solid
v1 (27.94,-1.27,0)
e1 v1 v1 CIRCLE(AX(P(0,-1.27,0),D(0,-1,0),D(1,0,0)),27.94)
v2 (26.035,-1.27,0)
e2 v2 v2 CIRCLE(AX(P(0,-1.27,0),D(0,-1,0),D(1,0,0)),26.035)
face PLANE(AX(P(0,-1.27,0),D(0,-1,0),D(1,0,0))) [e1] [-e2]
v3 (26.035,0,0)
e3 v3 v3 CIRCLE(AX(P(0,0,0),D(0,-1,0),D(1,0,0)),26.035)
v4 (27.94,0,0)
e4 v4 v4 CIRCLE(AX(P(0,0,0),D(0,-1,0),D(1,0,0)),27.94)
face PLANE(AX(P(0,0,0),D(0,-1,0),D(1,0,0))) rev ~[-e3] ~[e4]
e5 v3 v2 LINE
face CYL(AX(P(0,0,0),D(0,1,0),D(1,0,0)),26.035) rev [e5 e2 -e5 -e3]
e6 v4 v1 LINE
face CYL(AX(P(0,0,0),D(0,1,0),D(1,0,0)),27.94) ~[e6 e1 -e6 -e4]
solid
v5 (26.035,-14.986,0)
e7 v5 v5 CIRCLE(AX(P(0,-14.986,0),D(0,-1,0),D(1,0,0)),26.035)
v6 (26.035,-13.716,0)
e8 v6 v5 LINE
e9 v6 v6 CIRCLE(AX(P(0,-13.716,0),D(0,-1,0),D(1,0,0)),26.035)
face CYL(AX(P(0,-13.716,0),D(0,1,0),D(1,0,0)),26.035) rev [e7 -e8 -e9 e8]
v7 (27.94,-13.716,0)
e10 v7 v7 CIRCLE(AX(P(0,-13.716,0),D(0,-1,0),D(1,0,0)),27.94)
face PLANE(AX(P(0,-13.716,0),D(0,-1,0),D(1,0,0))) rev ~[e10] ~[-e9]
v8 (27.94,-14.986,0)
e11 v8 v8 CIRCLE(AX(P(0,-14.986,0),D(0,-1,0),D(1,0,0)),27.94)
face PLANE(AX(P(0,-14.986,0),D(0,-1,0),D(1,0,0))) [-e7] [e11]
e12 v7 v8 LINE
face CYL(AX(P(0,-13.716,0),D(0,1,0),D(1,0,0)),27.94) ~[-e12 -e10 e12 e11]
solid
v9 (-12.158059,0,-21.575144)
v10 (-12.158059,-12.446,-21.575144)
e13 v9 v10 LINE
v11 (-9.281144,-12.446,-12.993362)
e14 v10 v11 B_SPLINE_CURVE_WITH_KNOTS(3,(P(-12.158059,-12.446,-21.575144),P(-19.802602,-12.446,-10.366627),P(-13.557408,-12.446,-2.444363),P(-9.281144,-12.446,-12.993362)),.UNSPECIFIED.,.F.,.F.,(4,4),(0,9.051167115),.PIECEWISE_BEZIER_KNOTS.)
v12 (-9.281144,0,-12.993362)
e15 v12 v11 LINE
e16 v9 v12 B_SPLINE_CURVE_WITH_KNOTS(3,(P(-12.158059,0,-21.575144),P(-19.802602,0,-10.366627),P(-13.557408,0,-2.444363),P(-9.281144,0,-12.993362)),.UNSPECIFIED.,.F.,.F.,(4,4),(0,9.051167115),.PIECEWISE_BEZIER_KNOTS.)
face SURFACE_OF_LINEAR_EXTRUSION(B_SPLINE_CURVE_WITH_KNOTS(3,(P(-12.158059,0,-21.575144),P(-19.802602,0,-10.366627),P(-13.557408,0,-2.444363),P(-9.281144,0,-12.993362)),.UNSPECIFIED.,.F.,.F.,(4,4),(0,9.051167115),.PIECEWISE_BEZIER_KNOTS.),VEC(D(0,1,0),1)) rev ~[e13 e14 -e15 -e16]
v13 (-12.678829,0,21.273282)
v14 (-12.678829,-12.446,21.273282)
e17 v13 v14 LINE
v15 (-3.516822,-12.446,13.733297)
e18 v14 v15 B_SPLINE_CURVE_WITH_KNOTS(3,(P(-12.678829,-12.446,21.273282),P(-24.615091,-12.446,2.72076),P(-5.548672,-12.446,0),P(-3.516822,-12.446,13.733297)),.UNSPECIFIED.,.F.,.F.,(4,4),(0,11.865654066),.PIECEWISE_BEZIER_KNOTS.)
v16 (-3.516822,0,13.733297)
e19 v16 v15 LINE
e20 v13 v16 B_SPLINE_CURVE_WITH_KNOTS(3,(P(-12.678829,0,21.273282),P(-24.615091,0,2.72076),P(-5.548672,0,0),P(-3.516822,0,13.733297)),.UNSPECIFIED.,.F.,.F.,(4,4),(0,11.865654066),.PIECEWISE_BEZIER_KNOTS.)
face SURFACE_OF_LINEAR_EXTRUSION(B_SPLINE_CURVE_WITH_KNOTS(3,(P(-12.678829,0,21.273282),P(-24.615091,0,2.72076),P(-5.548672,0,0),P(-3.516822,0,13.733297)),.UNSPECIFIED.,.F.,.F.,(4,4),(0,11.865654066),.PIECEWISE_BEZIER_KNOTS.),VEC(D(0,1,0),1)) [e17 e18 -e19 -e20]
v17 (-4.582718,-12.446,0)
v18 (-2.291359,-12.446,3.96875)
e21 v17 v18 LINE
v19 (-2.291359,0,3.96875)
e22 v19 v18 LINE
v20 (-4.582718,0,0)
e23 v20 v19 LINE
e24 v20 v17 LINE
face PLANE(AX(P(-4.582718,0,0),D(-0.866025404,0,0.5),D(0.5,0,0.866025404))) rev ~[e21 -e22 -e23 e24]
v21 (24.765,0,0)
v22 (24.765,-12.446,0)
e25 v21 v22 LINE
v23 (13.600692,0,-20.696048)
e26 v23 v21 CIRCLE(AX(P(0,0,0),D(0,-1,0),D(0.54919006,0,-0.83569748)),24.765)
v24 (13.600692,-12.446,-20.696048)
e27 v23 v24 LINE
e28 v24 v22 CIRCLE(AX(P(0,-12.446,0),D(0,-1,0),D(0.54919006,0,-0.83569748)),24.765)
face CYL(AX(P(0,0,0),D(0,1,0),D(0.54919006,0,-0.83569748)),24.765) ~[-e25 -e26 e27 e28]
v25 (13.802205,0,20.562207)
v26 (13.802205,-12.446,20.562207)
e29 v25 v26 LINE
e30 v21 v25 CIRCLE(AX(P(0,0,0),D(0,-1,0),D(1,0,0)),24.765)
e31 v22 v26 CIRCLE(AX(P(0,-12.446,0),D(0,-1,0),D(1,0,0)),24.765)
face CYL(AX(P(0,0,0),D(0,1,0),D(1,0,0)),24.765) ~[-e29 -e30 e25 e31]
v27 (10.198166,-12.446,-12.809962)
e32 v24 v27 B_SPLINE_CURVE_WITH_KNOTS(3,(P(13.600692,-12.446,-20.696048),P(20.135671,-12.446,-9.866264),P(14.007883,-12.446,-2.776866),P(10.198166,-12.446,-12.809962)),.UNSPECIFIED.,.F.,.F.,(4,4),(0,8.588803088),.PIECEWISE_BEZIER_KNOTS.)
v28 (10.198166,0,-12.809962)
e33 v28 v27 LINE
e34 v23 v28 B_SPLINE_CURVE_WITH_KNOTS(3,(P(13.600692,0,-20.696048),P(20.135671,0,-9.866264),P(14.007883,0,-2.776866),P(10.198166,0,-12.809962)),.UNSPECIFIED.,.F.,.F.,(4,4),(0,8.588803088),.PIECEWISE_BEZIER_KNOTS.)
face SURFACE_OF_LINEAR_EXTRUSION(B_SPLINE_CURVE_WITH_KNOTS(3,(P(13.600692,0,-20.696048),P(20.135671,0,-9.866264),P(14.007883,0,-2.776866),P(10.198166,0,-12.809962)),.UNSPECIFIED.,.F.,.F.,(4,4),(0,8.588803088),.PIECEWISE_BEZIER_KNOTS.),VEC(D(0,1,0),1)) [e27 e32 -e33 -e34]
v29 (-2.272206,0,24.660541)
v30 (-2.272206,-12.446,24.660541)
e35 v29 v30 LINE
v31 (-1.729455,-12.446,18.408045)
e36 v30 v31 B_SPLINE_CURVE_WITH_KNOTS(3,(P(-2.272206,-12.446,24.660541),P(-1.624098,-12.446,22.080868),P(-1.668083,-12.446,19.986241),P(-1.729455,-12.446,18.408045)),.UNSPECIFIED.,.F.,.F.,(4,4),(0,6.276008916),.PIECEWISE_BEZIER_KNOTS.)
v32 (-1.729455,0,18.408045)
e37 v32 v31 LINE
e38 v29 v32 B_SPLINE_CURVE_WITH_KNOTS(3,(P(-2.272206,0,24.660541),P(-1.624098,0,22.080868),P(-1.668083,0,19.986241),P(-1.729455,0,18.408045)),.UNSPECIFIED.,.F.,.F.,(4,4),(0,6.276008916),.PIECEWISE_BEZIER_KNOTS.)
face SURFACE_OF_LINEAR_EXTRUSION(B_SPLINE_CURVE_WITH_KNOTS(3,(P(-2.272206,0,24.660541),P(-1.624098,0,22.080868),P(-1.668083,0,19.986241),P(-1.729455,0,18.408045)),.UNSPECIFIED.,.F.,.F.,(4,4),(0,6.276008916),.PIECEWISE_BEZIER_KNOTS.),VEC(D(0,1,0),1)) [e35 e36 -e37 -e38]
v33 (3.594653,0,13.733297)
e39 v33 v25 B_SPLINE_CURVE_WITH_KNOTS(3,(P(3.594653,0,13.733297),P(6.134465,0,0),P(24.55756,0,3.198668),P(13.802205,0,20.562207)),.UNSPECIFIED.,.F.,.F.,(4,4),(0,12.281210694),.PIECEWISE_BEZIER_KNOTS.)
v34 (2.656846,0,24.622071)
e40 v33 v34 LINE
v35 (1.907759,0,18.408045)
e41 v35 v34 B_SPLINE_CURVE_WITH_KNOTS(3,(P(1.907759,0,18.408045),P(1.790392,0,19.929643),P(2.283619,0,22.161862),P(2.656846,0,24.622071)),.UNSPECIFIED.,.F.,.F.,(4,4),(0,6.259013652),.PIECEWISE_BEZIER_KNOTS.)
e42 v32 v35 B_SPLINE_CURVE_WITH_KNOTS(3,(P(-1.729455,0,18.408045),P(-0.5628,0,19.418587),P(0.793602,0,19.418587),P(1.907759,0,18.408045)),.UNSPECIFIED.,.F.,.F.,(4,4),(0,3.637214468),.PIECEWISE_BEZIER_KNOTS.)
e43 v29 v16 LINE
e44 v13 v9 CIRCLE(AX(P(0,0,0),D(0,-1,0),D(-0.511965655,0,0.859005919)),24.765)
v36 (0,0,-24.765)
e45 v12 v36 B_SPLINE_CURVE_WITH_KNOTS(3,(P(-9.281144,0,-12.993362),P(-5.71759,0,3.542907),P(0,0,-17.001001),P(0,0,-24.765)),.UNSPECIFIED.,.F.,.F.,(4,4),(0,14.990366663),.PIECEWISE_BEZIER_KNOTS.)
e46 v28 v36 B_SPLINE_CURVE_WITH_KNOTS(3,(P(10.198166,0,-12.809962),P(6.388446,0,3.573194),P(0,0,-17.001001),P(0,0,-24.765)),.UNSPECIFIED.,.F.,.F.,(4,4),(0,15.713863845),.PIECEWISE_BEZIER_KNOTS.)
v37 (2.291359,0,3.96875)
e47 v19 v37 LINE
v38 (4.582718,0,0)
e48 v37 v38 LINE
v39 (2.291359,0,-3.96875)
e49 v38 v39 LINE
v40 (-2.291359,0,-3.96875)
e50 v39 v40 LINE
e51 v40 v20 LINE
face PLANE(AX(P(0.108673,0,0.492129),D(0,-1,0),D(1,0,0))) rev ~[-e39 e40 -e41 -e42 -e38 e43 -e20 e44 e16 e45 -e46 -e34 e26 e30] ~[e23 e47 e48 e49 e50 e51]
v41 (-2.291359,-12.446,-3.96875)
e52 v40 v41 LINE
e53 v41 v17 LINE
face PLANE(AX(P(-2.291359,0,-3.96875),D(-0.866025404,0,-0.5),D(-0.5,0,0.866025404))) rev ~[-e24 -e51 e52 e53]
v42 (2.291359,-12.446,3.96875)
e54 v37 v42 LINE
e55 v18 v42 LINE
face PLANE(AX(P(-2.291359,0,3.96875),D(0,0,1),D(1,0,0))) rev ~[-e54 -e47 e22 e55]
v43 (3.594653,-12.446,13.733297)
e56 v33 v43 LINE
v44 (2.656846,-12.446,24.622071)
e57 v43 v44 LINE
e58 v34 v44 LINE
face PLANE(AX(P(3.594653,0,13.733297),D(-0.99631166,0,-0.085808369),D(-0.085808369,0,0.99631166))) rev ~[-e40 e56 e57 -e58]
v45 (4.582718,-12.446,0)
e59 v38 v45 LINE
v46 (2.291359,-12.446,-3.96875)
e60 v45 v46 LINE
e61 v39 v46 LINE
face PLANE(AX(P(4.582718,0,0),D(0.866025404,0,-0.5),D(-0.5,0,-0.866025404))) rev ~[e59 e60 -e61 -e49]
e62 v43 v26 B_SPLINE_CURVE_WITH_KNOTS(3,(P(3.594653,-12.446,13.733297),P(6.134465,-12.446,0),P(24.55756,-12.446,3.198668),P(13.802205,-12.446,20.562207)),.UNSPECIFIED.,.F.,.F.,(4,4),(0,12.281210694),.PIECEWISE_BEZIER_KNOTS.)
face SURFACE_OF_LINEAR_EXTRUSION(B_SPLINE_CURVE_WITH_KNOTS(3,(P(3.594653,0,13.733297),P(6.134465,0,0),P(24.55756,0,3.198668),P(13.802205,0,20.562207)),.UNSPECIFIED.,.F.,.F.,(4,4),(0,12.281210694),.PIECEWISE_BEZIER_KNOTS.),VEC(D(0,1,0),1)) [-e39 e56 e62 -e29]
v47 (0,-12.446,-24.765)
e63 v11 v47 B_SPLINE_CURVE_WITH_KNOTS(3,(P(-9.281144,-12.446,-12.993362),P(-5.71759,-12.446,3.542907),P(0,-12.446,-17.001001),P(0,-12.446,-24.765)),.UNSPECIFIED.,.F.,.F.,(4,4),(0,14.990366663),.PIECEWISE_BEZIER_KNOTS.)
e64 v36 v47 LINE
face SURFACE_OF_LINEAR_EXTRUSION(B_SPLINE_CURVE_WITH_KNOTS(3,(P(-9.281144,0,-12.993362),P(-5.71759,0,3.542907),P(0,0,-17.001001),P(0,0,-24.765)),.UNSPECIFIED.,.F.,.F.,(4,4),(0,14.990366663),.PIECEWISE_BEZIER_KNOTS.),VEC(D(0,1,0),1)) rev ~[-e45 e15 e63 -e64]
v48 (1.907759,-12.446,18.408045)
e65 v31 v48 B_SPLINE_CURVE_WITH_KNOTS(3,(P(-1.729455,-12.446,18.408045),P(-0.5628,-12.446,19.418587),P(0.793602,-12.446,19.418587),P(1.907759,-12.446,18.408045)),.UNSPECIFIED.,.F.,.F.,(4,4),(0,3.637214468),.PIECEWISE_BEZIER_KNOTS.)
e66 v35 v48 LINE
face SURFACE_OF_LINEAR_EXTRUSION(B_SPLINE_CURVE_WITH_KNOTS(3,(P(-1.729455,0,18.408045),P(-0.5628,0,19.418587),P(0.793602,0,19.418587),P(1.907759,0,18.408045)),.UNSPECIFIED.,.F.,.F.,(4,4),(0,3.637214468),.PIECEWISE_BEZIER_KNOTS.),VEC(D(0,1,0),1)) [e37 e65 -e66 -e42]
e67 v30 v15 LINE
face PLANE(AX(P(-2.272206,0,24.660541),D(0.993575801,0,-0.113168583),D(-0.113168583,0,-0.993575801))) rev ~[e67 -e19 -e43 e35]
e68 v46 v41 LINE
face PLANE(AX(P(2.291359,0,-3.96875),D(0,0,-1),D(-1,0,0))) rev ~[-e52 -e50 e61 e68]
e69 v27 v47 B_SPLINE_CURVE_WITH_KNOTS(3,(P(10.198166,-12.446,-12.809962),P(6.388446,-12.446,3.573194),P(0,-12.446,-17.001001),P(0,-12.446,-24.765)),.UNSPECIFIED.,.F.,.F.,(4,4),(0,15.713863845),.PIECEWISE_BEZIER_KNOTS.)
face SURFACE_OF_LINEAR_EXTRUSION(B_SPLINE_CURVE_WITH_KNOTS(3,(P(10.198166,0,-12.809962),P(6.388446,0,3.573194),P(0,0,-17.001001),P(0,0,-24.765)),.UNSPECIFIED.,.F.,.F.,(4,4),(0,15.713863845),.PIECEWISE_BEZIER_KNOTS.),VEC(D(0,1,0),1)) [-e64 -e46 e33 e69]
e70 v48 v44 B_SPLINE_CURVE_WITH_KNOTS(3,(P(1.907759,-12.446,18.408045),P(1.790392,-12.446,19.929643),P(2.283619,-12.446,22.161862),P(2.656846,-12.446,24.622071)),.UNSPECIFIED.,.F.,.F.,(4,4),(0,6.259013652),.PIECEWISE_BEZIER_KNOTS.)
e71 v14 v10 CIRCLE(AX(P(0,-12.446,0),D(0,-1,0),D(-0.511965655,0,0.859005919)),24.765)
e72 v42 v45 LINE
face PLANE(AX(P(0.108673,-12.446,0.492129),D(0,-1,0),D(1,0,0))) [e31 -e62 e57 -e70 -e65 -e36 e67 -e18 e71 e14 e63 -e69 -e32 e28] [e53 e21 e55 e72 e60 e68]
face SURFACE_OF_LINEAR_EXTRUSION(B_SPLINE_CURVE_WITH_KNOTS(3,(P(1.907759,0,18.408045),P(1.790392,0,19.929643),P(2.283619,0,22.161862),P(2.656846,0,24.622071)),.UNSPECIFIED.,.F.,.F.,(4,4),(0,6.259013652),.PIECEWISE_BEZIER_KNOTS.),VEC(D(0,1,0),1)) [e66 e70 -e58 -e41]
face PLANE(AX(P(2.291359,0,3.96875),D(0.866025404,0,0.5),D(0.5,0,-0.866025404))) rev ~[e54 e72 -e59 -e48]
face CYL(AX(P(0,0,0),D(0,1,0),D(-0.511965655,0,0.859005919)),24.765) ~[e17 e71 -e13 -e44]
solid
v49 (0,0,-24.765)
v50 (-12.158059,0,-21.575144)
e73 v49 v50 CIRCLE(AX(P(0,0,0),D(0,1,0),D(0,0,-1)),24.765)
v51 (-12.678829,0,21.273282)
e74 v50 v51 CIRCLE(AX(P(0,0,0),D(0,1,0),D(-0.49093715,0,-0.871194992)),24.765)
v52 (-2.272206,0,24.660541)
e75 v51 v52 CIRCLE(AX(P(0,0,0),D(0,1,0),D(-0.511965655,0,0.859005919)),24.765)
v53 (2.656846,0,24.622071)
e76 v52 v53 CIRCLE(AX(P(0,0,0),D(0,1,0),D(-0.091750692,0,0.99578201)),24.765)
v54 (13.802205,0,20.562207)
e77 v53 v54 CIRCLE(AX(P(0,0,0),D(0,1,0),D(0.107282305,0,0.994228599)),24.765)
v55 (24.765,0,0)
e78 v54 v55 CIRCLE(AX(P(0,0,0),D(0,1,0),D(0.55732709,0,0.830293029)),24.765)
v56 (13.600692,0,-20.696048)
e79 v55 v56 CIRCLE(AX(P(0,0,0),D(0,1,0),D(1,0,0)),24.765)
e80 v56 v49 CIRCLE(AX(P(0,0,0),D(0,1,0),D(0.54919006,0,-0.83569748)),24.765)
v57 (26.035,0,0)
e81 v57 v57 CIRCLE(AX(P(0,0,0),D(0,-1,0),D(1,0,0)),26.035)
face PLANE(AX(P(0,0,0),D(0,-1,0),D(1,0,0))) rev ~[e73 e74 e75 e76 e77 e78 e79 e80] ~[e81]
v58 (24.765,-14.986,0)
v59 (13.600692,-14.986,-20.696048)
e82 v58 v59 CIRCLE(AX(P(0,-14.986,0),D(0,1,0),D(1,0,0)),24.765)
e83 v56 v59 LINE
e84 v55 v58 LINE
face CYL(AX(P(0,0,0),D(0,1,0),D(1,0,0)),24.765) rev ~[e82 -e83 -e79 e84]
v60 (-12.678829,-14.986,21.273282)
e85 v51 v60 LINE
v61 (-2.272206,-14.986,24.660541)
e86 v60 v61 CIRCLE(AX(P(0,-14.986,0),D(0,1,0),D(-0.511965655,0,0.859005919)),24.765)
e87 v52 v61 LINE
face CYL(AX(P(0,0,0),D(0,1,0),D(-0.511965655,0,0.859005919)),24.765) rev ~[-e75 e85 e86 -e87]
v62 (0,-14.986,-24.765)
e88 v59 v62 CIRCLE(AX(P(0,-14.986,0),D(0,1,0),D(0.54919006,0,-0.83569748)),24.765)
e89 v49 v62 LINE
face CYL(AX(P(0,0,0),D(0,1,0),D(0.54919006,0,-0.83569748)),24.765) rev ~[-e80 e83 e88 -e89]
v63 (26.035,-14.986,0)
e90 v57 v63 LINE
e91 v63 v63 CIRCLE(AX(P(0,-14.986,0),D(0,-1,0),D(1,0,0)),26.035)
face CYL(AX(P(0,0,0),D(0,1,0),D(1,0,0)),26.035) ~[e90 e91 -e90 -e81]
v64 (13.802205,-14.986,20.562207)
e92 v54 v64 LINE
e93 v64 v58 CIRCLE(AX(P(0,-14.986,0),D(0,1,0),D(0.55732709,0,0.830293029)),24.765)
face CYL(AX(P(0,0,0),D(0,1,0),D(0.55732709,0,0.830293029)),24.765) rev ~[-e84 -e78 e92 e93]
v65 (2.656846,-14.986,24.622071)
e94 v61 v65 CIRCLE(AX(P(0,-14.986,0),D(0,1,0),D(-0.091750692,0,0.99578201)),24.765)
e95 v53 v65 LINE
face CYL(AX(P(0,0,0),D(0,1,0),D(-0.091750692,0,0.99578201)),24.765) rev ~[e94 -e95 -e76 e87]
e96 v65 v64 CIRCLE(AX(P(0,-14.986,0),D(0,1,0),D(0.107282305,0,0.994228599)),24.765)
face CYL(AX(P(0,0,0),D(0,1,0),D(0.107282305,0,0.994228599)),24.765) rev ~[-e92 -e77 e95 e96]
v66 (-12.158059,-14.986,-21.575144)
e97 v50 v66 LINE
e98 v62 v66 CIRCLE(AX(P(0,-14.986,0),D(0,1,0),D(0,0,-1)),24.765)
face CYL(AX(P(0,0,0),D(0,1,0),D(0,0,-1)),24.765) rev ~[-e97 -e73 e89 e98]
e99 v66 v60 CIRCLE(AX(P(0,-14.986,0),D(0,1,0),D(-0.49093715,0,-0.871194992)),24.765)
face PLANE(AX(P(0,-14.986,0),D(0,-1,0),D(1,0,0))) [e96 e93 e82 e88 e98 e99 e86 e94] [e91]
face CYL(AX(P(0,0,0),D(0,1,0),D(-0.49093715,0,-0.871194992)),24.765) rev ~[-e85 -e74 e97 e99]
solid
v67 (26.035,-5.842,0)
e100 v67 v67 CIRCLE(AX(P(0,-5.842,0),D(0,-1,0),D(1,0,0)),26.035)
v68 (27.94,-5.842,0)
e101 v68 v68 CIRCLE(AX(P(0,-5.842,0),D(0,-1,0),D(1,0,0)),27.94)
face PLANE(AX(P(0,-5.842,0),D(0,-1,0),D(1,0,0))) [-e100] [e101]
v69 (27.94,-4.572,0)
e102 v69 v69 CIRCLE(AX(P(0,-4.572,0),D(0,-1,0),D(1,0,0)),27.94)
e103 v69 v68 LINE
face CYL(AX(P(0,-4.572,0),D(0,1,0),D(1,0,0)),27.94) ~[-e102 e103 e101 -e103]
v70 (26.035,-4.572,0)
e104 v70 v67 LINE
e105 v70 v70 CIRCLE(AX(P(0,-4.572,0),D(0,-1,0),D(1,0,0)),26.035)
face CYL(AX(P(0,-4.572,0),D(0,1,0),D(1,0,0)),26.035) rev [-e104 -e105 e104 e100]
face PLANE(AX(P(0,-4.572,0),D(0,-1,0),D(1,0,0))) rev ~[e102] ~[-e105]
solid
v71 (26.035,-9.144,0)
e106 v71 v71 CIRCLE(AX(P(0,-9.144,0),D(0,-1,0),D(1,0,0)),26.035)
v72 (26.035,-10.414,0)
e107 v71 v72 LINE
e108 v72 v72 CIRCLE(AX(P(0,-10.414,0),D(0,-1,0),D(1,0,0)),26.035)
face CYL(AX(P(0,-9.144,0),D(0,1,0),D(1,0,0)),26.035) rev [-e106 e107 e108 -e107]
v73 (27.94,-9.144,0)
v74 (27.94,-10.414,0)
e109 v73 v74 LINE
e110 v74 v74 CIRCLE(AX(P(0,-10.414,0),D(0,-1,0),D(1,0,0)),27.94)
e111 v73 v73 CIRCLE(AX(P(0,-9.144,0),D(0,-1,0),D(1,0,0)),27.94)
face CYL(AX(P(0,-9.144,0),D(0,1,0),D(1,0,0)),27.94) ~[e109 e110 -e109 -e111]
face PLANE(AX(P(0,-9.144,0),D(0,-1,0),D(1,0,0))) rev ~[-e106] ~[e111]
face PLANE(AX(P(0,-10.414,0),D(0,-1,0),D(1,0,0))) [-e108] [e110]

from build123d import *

# Parameters (mm, degrees)
F1_DEPTH    = 12.446
F0_R        = 27.94
F0_R_2      = 26.035
F2_DEPTH    = 1.27
F3_START    = 4.572
F3_DEPTH    = 1.27
F4_DEPTH    = 14.986
F5_START    = 3.302
F3_FACE_R   = 27.94
F3_FACE_R_2 = 26.035
F5_DEPTH    = 1.27
F6_START    = 3.302
F5_FACE_R   = 27.94
F5_FACE_R_2 = 26.035
F6_DEPTH    = 1.27


with BuildPart() as f1:
    # F0 (on Front) → F1 (new body)
    with BuildSketch(Plane.XZ):
        with BuildLine():
            ThreePointArc((13.6006918445, -20.6960480854), (21.7959441012, -11.7576377617), (24.765, 0))
            ThreePointArc((24.765, 0), (21.8531100927, 11.6510430553), (13.8022053886, 20.5622068712))
            add(Edge.make_bspline(
                [(3.5946532153, 13.7332966551), (6.1344653368, 0), (24.5575599352, 3.1986676959), (13.8022053886, 20.5622068712)],
                knots=[0, 0, 0, 0, 12.281210694, 12.281210694, 12.281210694, 12.281210694], degree=3))
            Line((3.5946532153, 13.7332966551), (2.6568462787, 24.6220712543))
            add(Edge.make_bspline(
                [(1.9077589968, 18.4080451727), (1.7903919725, 19.9296433051), (2.2836191988, 22.1618624223), (2.6568462787, 24.6220712543)],
                knots=[0, 0, 0, 0, 6.2590136522, 6.2590136522, 6.2590136522, 6.2590136522], degree=3))
            add(Edge.make_bspline(
                [(-1.729455471, 18.4080451727), (-0.5628003568, 19.4185874348), (0.7936018965, 19.4185874348), (1.9077589968, 18.4080451727)],
                knots=[0, 0, 0, 0, 3.6372144678, 3.6372144678, 3.6372144678, 3.6372144678], degree=3))
            add(Edge.make_bspline(
                [(-2.2722058795, 24.6605414669), (-1.624097682, 22.0808679479), (-1.668083219, 19.9862412159), (-1.729455471, 18.4080451727)],
                knots=[0, 0, 0, 0, 6.2760089161, 6.2760089161, 6.2760089161, 6.2760089161], degree=3))
            Line((-2.2722058795, 24.6605414669), (-3.5168223549, 13.7332966551))
            add(Edge.make_bspline(
                [(-12.6788294364, 21.2732815786), (-24.615090707, 2.7207599098), (-5.5486722849, 0), (-3.5168223549, 13.7332966551)],
                knots=[0, 0, 0, 0, 11.8656540658, 11.8656540658, 11.8656540658, 11.8656540658], degree=3))
            ThreePointArc((-12.6788294364, 21.2732815786), (-24.7631711255, -0.3009664626), (-12.1580585301, -21.5751439805))
            add(Edge.make_bspline(
                [(-12.1580585301, -21.5751439805), (-19.8026022482, -10.3666265985), (-13.557408005, -2.4443626793), (-9.2811435461, -12.9933617467)],
                knots=[0, 0, 0, 0, 9.0511671145, 9.0511671145, 9.0511671145, 9.0511671145], degree=3))
            add(Edge.make_bspline(
                [(-9.2811435461, -12.9933617467), (-5.7175895199, 3.5429066589), (0, -17.0010011101), (0, -24.765)],
                knots=[0, 0, 0, 0, 14.990366663, 14.990366663, 14.990366663, 14.990366663], degree=3))
            add(Edge.make_bspline(
                [(10.1981656626, -12.80996198), (6.3884463161, 3.5731942004), (0, -17.0010011101), (0, -24.765)],
                knots=[0, 0, 0, 0, 15.7138638451, 15.7138638451, 15.7138638451, 15.7138638451], degree=3))
            add(Edge.make_bspline(
                [(13.6006918445, -20.6960480854), (20.1356708127, -9.8662643521), (14.0078831464, -2.776866026), (10.1981656626, -12.80996198)],
                knots=[0, 0, 0, 0, 8.5888030877, 8.5888030877, 8.5888030877, 8.5888030877], degree=3))
        make_face()
        Polygon((4.5827177617, 0), (2.2913588808, -3.96875), (-2.2913588808, -3.96875), (-4.5827177617, 0), (-2.2913588808, 3.96875), (2.2913588808, 3.96875), align=None, mode=Mode.SUBTRACT)
    extrude(amount=F1_DEPTH)


with BuildPart() as f2:
    # F0 (on Front) → F2 (new body)
    with BuildSketch(Plane.XZ):
        Circle(F0_R)
        Circle(F0_R_2, mode=Mode.SUBTRACT)
    extrude(amount=F2_DEPTH)


with BuildPart() as f3:
    # F0 (on Front) → F3 (new body)
    with BuildSketch(Plane.XZ.offset(F3_START)):
        Circle(F0_R)
        Circle(F0_R_2, mode=Mode.SUBTRACT)
    extrude(amount=F3_DEPTH)


with BuildPart() as f4:
    # F0 (on Front) → F4 (new body)
    with BuildSketch(Plane.XZ):
        Circle(F0_R_2)
        with BuildLine():
            ThreePointArc((13.8022053886, 20.5622068712), (21.8531100927, 11.6510430553), (24.765, 0))
            ThreePointArc((24.765, 0), (21.7959441012, -11.7576377617), (13.6006918445, -20.6960480854))
            ThreePointArc((13.6006918445, -20.6960480854), (7.0981544843, -23.7259652684), (0, -24.765))
            ThreePointArc((0, -24.765), (-6.2847746309, -23.9542654414), (-12.1580585301, -21.5751439805))
            ThreePointArc((-12.1580585301, -21.5751439805), (-24.7631711255, -0.3009664626), (-12.6788294364, 21.2732815786))
            ThreePointArc((-12.6788294364, 21.2732815786), (-7.6649687959, 23.5489591778), (-2.2722058795, 24.6605414669))
            ThreePointArc((-2.2722058795, 24.6605414669), (0.1932797157, 24.7642457578), (2.6568462787, 24.6220712543))
            ThreePointArc((2.6568462787, 24.6220712543), (8.4761854716, 23.269282431), (13.8022053886, 20.5622068712))
        make_face(mode=Mode.SUBTRACT)
    extrude(amount=F4_DEPTH)


with BuildPart() as f5:
    # F3_face (on face) → F5 (new body)
    with BuildSketch(Plane.XZ.offset(5.842).offset(F5_START)):
        Circle(F3_FACE_R)
        Circle(F3_FACE_R_2, mode=Mode.SUBTRACT)
    extrude(amount=F5_DEPTH)


with BuildPart() as f6:
    # F5_face (on face) → F6 (new body)
    with BuildSketch(Plane.XZ.offset(10.414).offset(F6_START)):
        Circle(F5_FACE_R)
        Circle(F5_FACE_R_2, mode=Mode.SUBTRACT)
    extrude(amount=F6_DEPTH)


solid = Compound([f1.part, f2.part, f3.part, f4.part, f5.part, f6.part])
